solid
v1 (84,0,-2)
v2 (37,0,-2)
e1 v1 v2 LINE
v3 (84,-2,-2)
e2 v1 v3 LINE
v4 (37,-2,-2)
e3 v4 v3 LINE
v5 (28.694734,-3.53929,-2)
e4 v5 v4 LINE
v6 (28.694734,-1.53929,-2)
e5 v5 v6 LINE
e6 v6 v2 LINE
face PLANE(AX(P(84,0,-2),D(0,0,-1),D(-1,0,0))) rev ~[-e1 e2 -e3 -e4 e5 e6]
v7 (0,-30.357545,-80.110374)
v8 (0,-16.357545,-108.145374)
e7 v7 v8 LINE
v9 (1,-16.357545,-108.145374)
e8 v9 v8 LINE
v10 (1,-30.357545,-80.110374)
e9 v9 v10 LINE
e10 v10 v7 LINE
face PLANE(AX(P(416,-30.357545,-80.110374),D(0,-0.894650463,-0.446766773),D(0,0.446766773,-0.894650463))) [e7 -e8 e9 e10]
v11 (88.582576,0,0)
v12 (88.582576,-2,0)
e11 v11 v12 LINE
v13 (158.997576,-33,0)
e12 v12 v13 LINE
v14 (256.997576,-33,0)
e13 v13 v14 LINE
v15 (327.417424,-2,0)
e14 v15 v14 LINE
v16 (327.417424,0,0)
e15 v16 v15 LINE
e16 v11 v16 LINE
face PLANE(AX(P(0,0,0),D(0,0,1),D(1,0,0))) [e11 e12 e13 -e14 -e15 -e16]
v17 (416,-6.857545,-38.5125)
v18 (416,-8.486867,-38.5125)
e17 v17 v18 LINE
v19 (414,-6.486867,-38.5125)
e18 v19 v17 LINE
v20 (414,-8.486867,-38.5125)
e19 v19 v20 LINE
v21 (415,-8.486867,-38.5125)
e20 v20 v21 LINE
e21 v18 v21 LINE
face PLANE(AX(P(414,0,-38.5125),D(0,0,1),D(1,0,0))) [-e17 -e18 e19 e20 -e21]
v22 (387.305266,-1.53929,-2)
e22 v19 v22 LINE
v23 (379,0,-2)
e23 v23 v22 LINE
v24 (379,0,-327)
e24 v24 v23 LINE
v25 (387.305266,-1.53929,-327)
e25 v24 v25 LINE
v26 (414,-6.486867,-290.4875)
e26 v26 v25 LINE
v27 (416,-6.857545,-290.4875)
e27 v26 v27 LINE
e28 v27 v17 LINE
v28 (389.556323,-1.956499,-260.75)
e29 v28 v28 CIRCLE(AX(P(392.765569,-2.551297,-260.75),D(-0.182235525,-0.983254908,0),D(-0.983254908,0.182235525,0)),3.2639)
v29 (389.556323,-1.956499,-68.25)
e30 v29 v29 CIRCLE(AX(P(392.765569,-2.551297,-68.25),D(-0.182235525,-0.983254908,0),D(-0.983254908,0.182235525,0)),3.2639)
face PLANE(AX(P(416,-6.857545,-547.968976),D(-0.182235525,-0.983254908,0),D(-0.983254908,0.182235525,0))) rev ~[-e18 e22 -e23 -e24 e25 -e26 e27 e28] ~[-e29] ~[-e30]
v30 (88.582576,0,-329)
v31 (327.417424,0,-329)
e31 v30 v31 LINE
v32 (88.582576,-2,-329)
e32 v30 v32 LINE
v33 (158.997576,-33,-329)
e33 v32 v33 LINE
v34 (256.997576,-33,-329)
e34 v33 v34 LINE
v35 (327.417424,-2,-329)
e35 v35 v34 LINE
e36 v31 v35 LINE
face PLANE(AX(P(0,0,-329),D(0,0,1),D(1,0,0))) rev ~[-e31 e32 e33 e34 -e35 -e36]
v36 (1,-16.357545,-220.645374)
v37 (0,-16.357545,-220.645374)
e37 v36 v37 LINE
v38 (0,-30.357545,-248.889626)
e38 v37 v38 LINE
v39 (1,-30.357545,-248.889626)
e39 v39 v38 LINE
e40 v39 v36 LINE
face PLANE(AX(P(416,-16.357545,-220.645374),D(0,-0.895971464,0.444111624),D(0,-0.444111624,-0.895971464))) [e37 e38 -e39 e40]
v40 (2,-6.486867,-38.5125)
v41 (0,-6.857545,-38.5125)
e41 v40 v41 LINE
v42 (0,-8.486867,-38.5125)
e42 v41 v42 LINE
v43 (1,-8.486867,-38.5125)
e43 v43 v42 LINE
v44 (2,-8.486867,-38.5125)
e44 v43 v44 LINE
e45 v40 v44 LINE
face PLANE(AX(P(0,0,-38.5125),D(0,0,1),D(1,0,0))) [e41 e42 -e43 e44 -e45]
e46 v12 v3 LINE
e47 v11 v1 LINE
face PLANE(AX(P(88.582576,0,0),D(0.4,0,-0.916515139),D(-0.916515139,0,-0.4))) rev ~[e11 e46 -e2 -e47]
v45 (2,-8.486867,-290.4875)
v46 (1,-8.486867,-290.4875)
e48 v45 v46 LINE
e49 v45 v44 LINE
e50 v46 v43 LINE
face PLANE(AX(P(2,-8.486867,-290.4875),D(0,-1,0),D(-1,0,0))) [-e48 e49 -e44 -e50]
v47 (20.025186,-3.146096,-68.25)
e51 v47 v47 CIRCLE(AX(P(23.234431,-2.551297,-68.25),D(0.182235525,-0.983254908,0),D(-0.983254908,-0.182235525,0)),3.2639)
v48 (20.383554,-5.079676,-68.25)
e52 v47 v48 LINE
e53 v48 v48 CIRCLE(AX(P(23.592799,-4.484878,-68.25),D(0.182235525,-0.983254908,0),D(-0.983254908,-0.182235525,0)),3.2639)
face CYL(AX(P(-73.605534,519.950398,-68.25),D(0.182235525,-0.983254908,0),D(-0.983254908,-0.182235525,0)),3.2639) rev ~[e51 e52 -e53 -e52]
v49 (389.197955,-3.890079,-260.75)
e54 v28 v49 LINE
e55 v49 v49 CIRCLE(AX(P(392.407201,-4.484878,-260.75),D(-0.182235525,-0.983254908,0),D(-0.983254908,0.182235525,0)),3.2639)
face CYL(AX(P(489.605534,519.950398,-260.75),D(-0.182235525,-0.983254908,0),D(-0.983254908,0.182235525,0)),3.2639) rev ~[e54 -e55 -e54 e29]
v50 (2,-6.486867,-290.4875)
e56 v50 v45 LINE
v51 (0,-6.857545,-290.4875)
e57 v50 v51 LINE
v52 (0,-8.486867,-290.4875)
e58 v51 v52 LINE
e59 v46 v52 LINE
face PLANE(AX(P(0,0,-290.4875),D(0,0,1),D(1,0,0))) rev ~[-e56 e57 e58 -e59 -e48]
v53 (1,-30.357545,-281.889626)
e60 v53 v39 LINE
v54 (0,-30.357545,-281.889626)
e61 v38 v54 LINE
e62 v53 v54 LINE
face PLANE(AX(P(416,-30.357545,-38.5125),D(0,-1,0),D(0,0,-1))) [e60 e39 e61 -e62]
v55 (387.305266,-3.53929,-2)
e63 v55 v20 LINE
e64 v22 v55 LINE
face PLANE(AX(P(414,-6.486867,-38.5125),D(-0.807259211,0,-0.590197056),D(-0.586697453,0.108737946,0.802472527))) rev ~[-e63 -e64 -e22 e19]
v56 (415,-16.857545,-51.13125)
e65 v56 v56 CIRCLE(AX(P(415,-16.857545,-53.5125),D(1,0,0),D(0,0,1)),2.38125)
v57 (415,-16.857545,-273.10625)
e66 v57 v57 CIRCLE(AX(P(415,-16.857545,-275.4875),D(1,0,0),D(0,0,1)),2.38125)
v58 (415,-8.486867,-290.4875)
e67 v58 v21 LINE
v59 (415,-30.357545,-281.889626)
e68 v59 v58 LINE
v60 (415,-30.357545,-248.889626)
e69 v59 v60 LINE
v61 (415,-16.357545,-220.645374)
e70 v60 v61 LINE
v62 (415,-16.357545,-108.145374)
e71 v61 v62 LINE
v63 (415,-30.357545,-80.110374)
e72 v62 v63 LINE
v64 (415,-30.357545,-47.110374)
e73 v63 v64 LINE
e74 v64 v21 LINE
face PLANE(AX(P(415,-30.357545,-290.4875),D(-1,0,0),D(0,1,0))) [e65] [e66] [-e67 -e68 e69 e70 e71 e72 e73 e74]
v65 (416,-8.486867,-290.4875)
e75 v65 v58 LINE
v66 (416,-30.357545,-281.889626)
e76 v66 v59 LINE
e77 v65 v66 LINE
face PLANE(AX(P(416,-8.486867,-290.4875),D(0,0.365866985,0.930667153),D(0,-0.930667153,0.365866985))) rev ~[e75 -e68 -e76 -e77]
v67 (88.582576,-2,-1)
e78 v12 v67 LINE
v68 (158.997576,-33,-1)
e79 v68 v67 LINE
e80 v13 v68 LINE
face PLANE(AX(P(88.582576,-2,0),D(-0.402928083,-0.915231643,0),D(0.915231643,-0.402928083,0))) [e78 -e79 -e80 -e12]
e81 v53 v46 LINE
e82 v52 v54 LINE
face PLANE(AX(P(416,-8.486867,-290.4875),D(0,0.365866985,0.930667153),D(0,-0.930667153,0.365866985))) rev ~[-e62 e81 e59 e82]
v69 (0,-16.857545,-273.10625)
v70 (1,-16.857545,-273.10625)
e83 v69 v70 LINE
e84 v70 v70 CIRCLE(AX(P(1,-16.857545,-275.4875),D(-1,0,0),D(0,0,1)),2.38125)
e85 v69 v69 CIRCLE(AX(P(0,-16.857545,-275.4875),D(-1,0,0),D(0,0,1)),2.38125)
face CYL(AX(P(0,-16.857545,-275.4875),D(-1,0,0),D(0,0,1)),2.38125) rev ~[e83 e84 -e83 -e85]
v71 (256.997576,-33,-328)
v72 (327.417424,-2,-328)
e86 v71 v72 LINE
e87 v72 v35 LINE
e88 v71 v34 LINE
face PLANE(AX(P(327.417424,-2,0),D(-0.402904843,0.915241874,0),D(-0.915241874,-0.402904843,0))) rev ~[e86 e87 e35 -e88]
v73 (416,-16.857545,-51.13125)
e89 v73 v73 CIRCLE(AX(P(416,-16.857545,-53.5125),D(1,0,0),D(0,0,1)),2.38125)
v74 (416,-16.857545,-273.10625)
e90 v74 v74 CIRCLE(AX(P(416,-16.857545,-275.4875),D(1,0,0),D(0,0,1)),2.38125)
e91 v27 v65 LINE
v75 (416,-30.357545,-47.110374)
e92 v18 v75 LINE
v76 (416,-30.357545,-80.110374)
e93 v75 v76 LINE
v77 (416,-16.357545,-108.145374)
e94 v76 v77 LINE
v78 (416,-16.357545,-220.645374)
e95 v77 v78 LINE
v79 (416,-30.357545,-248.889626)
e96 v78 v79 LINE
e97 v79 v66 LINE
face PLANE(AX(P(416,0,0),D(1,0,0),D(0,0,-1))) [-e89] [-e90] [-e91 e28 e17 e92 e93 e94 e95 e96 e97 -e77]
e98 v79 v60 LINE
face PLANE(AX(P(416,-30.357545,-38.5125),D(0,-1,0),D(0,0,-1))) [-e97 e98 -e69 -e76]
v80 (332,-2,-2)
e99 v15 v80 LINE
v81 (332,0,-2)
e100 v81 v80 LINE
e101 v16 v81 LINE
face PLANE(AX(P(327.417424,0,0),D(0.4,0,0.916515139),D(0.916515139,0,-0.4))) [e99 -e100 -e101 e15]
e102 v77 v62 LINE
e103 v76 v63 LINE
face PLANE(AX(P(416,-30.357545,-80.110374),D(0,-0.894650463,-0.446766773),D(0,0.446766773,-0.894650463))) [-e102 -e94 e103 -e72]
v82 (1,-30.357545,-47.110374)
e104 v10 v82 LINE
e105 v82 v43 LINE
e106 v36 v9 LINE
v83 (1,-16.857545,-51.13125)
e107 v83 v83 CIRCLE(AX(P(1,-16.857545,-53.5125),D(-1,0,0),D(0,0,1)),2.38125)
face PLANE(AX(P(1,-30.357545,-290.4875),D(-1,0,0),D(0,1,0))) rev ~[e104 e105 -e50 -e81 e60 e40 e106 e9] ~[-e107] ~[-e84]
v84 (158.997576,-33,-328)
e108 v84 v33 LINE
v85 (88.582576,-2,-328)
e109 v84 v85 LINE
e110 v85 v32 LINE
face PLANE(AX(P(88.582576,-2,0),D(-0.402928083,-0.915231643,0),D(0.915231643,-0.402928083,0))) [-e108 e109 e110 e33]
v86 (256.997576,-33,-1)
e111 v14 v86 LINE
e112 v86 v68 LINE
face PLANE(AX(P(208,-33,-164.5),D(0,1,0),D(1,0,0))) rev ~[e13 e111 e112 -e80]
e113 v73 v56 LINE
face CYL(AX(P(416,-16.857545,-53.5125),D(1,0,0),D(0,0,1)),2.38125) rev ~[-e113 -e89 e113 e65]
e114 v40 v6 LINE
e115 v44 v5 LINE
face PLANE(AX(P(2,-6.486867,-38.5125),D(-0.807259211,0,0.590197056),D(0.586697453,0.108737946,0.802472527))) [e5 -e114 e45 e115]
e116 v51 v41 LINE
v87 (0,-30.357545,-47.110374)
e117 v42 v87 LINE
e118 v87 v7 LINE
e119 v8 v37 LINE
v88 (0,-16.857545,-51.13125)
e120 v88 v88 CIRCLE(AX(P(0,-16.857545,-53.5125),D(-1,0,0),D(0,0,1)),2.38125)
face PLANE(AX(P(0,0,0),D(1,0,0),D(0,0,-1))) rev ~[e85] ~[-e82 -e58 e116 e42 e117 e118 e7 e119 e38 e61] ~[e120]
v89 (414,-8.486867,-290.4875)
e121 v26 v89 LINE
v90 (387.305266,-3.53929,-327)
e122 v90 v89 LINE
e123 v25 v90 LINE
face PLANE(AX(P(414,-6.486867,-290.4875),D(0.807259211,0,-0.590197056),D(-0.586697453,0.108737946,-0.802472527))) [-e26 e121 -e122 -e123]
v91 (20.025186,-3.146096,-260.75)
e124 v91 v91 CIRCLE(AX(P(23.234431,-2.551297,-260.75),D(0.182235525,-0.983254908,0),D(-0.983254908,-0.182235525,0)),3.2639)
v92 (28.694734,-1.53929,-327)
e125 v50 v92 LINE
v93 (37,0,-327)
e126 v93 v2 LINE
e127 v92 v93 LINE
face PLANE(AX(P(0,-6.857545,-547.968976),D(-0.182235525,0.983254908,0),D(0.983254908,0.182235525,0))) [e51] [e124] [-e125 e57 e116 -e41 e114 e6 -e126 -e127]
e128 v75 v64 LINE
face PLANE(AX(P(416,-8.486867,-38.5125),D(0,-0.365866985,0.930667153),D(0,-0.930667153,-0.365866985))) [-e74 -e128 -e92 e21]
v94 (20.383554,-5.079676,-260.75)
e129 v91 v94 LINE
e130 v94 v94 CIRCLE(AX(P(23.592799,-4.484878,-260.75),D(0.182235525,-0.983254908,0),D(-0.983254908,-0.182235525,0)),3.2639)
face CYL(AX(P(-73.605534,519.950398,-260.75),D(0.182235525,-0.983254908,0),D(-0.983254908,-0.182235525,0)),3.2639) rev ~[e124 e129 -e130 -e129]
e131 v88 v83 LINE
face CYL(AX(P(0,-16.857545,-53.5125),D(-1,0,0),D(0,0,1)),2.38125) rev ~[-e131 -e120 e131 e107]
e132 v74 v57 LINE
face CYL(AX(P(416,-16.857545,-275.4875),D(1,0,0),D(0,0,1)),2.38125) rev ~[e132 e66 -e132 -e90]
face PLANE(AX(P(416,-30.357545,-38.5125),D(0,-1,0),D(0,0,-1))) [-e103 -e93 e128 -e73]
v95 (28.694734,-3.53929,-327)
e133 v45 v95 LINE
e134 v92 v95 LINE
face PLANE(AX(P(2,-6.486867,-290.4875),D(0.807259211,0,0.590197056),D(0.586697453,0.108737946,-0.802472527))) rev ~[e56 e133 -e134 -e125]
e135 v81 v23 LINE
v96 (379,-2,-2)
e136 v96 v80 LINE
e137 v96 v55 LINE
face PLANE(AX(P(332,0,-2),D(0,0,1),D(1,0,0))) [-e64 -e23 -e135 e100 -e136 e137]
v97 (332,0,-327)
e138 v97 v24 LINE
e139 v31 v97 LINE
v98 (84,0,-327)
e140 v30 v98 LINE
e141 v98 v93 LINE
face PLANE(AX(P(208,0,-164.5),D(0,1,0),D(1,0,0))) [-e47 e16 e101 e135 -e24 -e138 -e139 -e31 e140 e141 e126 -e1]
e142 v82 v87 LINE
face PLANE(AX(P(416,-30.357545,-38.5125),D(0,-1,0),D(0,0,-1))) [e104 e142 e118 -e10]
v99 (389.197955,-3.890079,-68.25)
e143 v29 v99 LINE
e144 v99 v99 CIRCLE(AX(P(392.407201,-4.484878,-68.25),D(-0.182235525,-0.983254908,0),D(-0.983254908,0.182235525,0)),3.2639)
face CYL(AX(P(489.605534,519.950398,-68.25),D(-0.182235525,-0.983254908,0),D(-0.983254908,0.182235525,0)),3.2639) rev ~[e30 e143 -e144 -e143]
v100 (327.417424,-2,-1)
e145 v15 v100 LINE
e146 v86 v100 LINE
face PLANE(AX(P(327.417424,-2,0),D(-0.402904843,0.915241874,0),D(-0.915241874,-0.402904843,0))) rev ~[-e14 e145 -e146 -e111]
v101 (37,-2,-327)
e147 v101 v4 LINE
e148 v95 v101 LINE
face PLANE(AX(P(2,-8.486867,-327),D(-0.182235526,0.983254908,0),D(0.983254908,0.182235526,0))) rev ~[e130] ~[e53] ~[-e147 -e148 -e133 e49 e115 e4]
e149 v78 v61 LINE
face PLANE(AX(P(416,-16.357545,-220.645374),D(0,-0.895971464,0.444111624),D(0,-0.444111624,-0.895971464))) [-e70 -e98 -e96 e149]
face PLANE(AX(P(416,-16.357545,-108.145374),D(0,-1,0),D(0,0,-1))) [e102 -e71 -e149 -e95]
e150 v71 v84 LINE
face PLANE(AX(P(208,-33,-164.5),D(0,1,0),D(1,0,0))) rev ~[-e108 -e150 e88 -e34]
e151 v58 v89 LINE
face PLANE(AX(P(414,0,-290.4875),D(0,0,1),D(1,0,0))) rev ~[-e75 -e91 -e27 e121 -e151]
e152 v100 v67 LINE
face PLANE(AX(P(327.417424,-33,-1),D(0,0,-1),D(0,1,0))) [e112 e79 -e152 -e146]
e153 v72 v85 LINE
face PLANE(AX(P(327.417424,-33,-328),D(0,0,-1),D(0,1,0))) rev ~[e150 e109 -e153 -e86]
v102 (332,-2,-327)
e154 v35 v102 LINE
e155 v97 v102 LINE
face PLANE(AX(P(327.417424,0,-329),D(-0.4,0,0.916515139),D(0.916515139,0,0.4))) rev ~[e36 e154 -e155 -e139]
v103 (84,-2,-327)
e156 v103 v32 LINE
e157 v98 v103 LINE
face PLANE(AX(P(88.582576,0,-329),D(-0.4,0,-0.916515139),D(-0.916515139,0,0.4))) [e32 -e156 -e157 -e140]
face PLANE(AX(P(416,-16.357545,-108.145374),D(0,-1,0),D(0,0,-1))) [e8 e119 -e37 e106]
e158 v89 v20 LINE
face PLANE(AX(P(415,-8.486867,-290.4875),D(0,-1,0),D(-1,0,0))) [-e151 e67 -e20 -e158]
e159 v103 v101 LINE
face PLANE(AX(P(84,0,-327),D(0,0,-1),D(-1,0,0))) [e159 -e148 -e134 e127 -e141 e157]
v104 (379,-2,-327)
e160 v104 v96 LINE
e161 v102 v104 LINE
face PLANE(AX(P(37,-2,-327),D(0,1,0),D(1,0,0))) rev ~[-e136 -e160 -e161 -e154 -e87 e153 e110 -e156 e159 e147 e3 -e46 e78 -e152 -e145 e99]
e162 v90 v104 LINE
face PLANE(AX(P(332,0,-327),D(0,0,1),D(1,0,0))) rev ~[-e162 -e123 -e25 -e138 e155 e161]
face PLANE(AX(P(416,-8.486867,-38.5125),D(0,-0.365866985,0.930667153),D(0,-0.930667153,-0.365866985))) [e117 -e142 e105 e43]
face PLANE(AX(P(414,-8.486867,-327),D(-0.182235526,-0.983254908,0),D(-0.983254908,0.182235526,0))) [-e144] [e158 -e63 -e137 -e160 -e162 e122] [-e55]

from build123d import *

# Parameters (mm, degrees)
ESQUISSE1_W                  = 416
ESQUISSE1_H                  = 329
BOSS_EXTRU_1_DEPTH           = 33
ENL_V_MAT_EXTRU_1_DEPTH      = 532.400037636
ESQUISSE3_W                  = 2
ESQUISSE3_H                  = 36.5125
ENL_V_MAT_EXTRU_2_DEPTH      = 532.400037636
ENL_V_MAT_EXTRU_3_DEPTH      = 509.456475675
ENL_V_MAT_EXTRU_3_DEPTH_BACK = 509.456475675
ENL_V_MAT_EXTRU_11_DEPTH     = 531.164125531
ENL_V_MAT_EXTRU_4_DEPTH      = 540.111732489
ENL_V_MAT_EXTRU_5_DEPTH      = 540.298629883
ESQUISSE10_W                 = 251.975
ESQUISSE10_H                 = 2.642455338
ENL_V_MAT_EXTRU_6_DEPTH      = 532.400037636
ENL_V_MAT_EXTRU_12_REACH     = 470.566
ESQUISSE18_W                 = 8
ESQUISSE18_H                 = 31
ENL_V_MAT_EXTRU_14_DEPTH     = 600
ESQUISSE20_W                 = 1
ESQUISSE20_H                 = 31
ENL_V_MAT_EXTRU_16_DEPTH     = 466.330172822
ENL_V_MAT_EXTRU_15_DEPTH     = 532.400037636
ESQUISSE21_W                 = 1
ESQUISSE21_H                 = 21.870678089
ENL_V_MAT_EXTRU_17_DEPTH     = 509.456475675
ENL_V_MAT_EXTRU_18_DEPTH     = 532.400037636
D_GAGEMENT_1_41_D            = 6.5278
D_GAGEMENT_1_42_D            = 6.5278
ENL_V_MAT_EXTRU_19_REACH     = 533.4
ESQUISSE27_R                 = 2.38125
ENL_V_MAT_EXTRU_20_REACH     = 533.4
ESQUISSE28_R                 = 2.38125


with BuildPart() as part:
    # Esquisse1 → Boss.-Extru.1 (new body)
    with BuildSketch(Plane(origin=(0, 0, 0), x_dir=(1, 0, 0), z_dir=(0, 1, 0))):
        with Locations((208, 164.5)):
            Rectangle(ESQUISSE1_W, ESQUISSE1_H)
    extrude(amount=-BOSS_EXTRU_1_DEPTH)

    # Esquisse2 → Enlèv. mat.-Extru.1 (cut, through all)
    with BuildSketch(Plane(origin=(0, 0, 0), x_dir=(1, 0, 0), z_dir=(0, 1, 0))):
        Polygon((327.417424305, 0), (332, 2), (416, 2), (416, 0), align=None)
        Polygon((88.582575695, 0), (84, 2), (0, 2), (0, 0), align=None)
        Polygon((88.582575695, 329), (84, 327), (0, 327), (0, 329), align=None)
        Polygon((327.417424305, 329), (332, 327), (416, 327), (416, 329), align=None)
    extrude(amount=-ENL_V_MAT_EXTRU_1_DEPTH, mode=Mode.SUBTRACT)

    # Esquisse3 → Enlèv. mat.-Extru.2 (cut, through all)
    with BuildSketch(Plane(origin=(0, 0, 0), x_dir=(1, 0, 0), z_dir=(0, 1, 0))):
        with Locations((415, 20.25625)):
            Rectangle(ESQUISSE3_W, ESQUISSE3_H)
        with Locations((415, 308.74375)):
            Rectangle(ESQUISSE3_W, ESQUISSE3_H)
        with Locations((1, 308.74375)):
            Rectangle(ESQUISSE3_W, ESQUISSE3_H)
        with Locations((1, 20.25625)):
            Rectangle(ESQUISSE3_W, ESQUISSE3_H)
    extrude(amount=-ENL_V_MAT_EXTRU_2_DEPTH, mode=Mode.SUBTRACT)

    # Esquisse7 → Enlèv. mat.-Extru.3 (cut, two sides: drawn at the far end of the back side and taken through both)
    with BuildSketch(Plane.XY.offset(-38.5125).offset(-ENL_V_MAT_EXTRU_3_DEPTH_BACK)):
        Polygon((416, -6.857544662), (379, 0), (416, 0), align=None)
        Polygon((0, -6.857544662), (37, 0), (0, 0), align=None)
    extrude(amount=ENL_V_MAT_EXTRU_3_DEPTH + ENL_V_MAT_EXTRU_3_DEPTH_BACK, mode=Mode.SUBTRACT)

    # Esquisse15 → Enlèv. mat.-Extru.11 (cut, through all)
    with BuildSketch(Plane(origin=(0, 0, -327), x_dir=(-1, 0, 0), z_dir=(0, 0, -1))):
        Polygon((-84, -33), (-2, -33), (-2, -8.486866573), (-37, -2), (-84, -2), align=None)
        Polygon((-414, -33), (-414, -8.486866573), (-379, -2), (-332, -2), (-332, -33), align=None)
    extrude(amount=-ENL_V_MAT_EXTRU_11_DEPTH, mode=Mode.SUBTRACT)

    # Esquisse8 → Enlèv. mat.-Extru.4 (cut, through all, along a direction that is not the sketch's normal)
    with BuildSketch(Plane(origin=(1.22876211, -6.629807067, 0), x_dir=(0.9832549075639557, 0.1822355254921413, 0), z_dir=(-0.1822355254921413, 0.9832549075639557, 0))):
        Polygon((0.784372276, 38.5125), (27.933724824, 2), (0.784372276, 2), align=None)
        Polygon((0.784372276, 290.4875), (27.933724824, 327), (0.784372276, 327), align=None)
    extrude(amount=-ENL_V_MAT_EXTRU_4_DEPTH, dir=(0, 1, 0), mode=Mode.SUBTRACT)

    # Esquisse9 → Enlèv. mat.-Extru.5 (cut, through all, along a direction that is not the sketch's normal)
    with BuildSketch(Plane(origin=(12.586509179, 67.910726439, 0), x_dir=(0.9832549075639558, -0.18223552549214084, 0), z_dir=(0.18223552549214084, 0.9832549075639558, 0))):
        Polygon((408.24966927, 290.4875), (381.100316723, 327), (408.24966927, 327), align=None)
        Polygon((408.24966927, 38.5125), (381.100316723, 2), (408.24966927, 2), align=None)
    extrude(amount=-ENL_V_MAT_EXTRU_5_DEPTH, dir=(0, 1, 0), mode=Mode.SUBTRACT)

    # Esquisse10 → Enlèv. mat.-Extru.6 (cut, through all)
    with BuildSketch(Plane(origin=(416, 0, 0), x_dir=(0, 0, -1), z_dir=(1, 0, 0))):
        with Locations((164.5, -31.678772331)):
            Rectangle(ESQUISSE10_W, ESQUISSE10_H)
    extrude(amount=-ENL_V_MAT_EXTRU_6_DEPTH, mode=Mode.SUBTRACT)

    # Esquisse16 → Enlèv. mat.-Extru.12 (cut, up to next)
    with BuildSketch(Plane.ZY.offset(-84), mode=Mode.PRIVATE) as enl_v_mat_extru_12_sk1:
        Polygon((-290.4875, -30.357544662), (-290.4875, -33), (-327, -33), (-327, -2), (-2, -2), (-2, -33), (-38.5125, -33), (-38.5125, -30.357544662), align=None)
    enl_v_mat_extru_12_tool1 = extrude(enl_v_mat_extru_12_sk1.sketch, amount=-ENL_V_MAT_EXTRU_12_REACH, mode=Mode.PRIVATE) & part.part
    add(enl_v_mat_extru_12_tool1.solids().sort_by_distance((84, -16.49665, -164.5))[0], mode=Mode.SUBTRACT)

    # Esquisse18 → Enlèv. mat.-Extru.14 (cut)
    with BuildSketch(Plane.XY):
        with Locations((331.417424305, -17.5)):
            Rectangle(ESQUISSE18_W, ESQUISSE18_H)
        with Locations((84.582575695, -17.5)):
            Rectangle(ESQUISSE18_W, ESQUISSE18_H)
    extrude(amount=-ENL_V_MAT_EXTRU_14_DEPTH, mode=Mode.SUBTRACT)

    # Esquisse20 → Enlèv. mat.-Extru.16 (cut, through all)
    with BuildSketch(Plane(origin=(327.417424305, 0, 0), x_dir=(0, 0, -1), z_dir=(1, 0, 0))):
        with Locations((1.5, -17.5)):
            Rectangle(ESQUISSE20_W, ESQUISSE20_H)
        with Locations((327.5, -17.5)):
            Rectangle(ESQUISSE20_W, ESQUISSE20_H)
    extrude(amount=-ENL_V_MAT_EXTRU_16_DEPTH, mode=Mode.SUBTRACT)

    # Esquisse19 → Enlèv. mat.-Extru.15 (cut, through all)
    with BuildSketch(Plane.XY):
        Polygon((88.582575695, -2), (158.997575695, -33), (88.582575695, -33), align=None)
        Polygon((327.417424305, -2), (256.997575695, -33), (327.417424305, -33), align=None)
    extrude(amount=-ENL_V_MAT_EXTRU_15_DEPTH, mode=Mode.SUBTRACT)

    # Esquisse21 → Enlèv. mat.-Extru.17 (cut, through all)
    with BuildSketch(Plane(origin=(0, 0, -290.4875), x_dir=(-1, 0, 0), z_dir=(0, 0, -1))):
        with Locations((-414.5, -19.422205618)):
            Rectangle(ESQUISSE21_W, ESQUISSE21_H)
        with Locations((-1.5, -19.422205618)):
            Rectangle(ESQUISSE21_W, ESQUISSE21_H)
    extrude(amount=-ENL_V_MAT_EXTRU_17_DEPTH, mode=Mode.SUBTRACT)

    # Esquisse22 → Enlèv. mat.-Extru.18 (cut, through all)
    with BuildSketch(Plane(origin=(416, 0, 0), x_dir=(0, 0, -1), z_dir=(1, 0, 0))):
        Polygon((38.5125, -8.486866573), (47.110374149, -30.357544662), (38.5125, -30.357544662), align=None)
        Polygon((290.4875, -8.486866573), (281.889625851, -30.357544662), (290.4875, -30.357544662), align=None)
        Polygon((80.110374149, -30.357544662), (108.145374149, -16.357544662), (220.645374149, -16.357544662), (248.889625851, -30.357544662), align=None)
    extrude(amount=-ENL_V_MAT_EXTRU_18_DEPTH, mode=Mode.SUBTRACT)

    # Dégagement 1/41 (through all)
    with Locations(Plane(origin=(12.586509179, 67.910726439, 0), x_dir=(0.9832549075639558, -0.18223552549214084, 0), z_dir=(0.18223552549214084, 0.9832549075639558, 0))):
        with Locations((386.653609967, 68.25), (386.653609967, 260.75)):
            Hole(D_GAGEMENT_1_41_D / 2)

    # Dégagement 1/42 (through all)
    with Locations(Plane(origin=(1.22876211, -6.629807067, 0), x_dir=(0.9832549075639557, 0.18223552549214128, 0), z_dir=(-0.1822355254921413, 0.9832549075639558, 0))):
        with Locations((22.38043158, 68.25), (22.38043158, 260.75)):
            Hole(D_GAGEMENT_1_42_D / 2)

    # Esquisse27 → Enlèv. mat.-Extru.19 (cut, up to next)
    with BuildSketch(Plane.ZY, mode=Mode.PRIVATE) as enl_v_mat_extru_19_sk1:
        with Locations((-275.4875, -16.857544662)):
            Circle(ESQUISSE27_R)
    enl_v_mat_extru_19_tool1 = extrude(enl_v_mat_extru_19_sk1.sketch, amount=-ENL_V_MAT_EXTRU_19_REACH, mode=Mode.PRIVATE) & part.part
    # Esquisse27 → Enlèv. mat.-Extru.19 (cut, up to next)
    with BuildSketch(Plane.ZY, mode=Mode.PRIVATE) as enl_v_mat_extru_19_sk2:
        with Locations((-53.5125, -16.857544662)):
            Circle(ESQUISSE27_R)
    enl_v_mat_extru_19_tool2 = extrude(enl_v_mat_extru_19_sk2.sketch, amount=-ENL_V_MAT_EXTRU_19_REACH, mode=Mode.PRIVATE) & part.part
    add(enl_v_mat_extru_19_tool1.solids().sort_by_distance((0, -16.857545, -275.4875))[0], mode=Mode.SUBTRACT)
    add(enl_v_mat_extru_19_tool2.solids().sort_by_distance((0, -16.857545, -53.5125))[0], mode=Mode.SUBTRACT)

    # Esquisse28 → Enlèv. mat.-Extru.20 (cut, up to next)
    with BuildSketch(Plane(origin=(416, 0, 0), x_dir=(0, 0, -1), z_dir=(1, 0, 0)), mode=Mode.PRIVATE) as enl_v_mat_extru_20_sk1:
        with Locations(Location((53.5125, -16.857544662, 0), (0, 0, 180))):
            Circle(ESQUISSE28_R)
    enl_v_mat_extru_20_tool1 = extrude(enl_v_mat_extru_20_sk1.sketch, amount=-ENL_V_MAT_EXTRU_20_REACH, mode=Mode.PRIVATE) & part.part
    # Esquisse28 → Enlèv. mat.-Extru.20 (cut, up to next)
    with BuildSketch(Plane(origin=(416, 0, 0), x_dir=(0, 0, -1), z_dir=(1, 0, 0)), mode=Mode.PRIVATE) as enl_v_mat_extru_20_sk2:
        with Locations(Location((275.4875, -16.857544662, 0), (0, 0, 180))):
            Circle(ESQUISSE28_R)
    enl_v_mat_extru_20_tool2 = extrude(enl_v_mat_extru_20_sk2.sketch, amount=-ENL_V_MAT_EXTRU_20_REACH, mode=Mode.PRIVATE) & part.part
    add(enl_v_mat_extru_20_tool1.solids().sort_by_distance((416, -16.857545, -53.5125))[0], mode=Mode.SUBTRACT)
    add(enl_v_mat_extru_20_tool2.solids().sort_by_distance((416, -16.857545, -275.4875))[0], mode=Mode.SUBTRACT)


solid = part.part
